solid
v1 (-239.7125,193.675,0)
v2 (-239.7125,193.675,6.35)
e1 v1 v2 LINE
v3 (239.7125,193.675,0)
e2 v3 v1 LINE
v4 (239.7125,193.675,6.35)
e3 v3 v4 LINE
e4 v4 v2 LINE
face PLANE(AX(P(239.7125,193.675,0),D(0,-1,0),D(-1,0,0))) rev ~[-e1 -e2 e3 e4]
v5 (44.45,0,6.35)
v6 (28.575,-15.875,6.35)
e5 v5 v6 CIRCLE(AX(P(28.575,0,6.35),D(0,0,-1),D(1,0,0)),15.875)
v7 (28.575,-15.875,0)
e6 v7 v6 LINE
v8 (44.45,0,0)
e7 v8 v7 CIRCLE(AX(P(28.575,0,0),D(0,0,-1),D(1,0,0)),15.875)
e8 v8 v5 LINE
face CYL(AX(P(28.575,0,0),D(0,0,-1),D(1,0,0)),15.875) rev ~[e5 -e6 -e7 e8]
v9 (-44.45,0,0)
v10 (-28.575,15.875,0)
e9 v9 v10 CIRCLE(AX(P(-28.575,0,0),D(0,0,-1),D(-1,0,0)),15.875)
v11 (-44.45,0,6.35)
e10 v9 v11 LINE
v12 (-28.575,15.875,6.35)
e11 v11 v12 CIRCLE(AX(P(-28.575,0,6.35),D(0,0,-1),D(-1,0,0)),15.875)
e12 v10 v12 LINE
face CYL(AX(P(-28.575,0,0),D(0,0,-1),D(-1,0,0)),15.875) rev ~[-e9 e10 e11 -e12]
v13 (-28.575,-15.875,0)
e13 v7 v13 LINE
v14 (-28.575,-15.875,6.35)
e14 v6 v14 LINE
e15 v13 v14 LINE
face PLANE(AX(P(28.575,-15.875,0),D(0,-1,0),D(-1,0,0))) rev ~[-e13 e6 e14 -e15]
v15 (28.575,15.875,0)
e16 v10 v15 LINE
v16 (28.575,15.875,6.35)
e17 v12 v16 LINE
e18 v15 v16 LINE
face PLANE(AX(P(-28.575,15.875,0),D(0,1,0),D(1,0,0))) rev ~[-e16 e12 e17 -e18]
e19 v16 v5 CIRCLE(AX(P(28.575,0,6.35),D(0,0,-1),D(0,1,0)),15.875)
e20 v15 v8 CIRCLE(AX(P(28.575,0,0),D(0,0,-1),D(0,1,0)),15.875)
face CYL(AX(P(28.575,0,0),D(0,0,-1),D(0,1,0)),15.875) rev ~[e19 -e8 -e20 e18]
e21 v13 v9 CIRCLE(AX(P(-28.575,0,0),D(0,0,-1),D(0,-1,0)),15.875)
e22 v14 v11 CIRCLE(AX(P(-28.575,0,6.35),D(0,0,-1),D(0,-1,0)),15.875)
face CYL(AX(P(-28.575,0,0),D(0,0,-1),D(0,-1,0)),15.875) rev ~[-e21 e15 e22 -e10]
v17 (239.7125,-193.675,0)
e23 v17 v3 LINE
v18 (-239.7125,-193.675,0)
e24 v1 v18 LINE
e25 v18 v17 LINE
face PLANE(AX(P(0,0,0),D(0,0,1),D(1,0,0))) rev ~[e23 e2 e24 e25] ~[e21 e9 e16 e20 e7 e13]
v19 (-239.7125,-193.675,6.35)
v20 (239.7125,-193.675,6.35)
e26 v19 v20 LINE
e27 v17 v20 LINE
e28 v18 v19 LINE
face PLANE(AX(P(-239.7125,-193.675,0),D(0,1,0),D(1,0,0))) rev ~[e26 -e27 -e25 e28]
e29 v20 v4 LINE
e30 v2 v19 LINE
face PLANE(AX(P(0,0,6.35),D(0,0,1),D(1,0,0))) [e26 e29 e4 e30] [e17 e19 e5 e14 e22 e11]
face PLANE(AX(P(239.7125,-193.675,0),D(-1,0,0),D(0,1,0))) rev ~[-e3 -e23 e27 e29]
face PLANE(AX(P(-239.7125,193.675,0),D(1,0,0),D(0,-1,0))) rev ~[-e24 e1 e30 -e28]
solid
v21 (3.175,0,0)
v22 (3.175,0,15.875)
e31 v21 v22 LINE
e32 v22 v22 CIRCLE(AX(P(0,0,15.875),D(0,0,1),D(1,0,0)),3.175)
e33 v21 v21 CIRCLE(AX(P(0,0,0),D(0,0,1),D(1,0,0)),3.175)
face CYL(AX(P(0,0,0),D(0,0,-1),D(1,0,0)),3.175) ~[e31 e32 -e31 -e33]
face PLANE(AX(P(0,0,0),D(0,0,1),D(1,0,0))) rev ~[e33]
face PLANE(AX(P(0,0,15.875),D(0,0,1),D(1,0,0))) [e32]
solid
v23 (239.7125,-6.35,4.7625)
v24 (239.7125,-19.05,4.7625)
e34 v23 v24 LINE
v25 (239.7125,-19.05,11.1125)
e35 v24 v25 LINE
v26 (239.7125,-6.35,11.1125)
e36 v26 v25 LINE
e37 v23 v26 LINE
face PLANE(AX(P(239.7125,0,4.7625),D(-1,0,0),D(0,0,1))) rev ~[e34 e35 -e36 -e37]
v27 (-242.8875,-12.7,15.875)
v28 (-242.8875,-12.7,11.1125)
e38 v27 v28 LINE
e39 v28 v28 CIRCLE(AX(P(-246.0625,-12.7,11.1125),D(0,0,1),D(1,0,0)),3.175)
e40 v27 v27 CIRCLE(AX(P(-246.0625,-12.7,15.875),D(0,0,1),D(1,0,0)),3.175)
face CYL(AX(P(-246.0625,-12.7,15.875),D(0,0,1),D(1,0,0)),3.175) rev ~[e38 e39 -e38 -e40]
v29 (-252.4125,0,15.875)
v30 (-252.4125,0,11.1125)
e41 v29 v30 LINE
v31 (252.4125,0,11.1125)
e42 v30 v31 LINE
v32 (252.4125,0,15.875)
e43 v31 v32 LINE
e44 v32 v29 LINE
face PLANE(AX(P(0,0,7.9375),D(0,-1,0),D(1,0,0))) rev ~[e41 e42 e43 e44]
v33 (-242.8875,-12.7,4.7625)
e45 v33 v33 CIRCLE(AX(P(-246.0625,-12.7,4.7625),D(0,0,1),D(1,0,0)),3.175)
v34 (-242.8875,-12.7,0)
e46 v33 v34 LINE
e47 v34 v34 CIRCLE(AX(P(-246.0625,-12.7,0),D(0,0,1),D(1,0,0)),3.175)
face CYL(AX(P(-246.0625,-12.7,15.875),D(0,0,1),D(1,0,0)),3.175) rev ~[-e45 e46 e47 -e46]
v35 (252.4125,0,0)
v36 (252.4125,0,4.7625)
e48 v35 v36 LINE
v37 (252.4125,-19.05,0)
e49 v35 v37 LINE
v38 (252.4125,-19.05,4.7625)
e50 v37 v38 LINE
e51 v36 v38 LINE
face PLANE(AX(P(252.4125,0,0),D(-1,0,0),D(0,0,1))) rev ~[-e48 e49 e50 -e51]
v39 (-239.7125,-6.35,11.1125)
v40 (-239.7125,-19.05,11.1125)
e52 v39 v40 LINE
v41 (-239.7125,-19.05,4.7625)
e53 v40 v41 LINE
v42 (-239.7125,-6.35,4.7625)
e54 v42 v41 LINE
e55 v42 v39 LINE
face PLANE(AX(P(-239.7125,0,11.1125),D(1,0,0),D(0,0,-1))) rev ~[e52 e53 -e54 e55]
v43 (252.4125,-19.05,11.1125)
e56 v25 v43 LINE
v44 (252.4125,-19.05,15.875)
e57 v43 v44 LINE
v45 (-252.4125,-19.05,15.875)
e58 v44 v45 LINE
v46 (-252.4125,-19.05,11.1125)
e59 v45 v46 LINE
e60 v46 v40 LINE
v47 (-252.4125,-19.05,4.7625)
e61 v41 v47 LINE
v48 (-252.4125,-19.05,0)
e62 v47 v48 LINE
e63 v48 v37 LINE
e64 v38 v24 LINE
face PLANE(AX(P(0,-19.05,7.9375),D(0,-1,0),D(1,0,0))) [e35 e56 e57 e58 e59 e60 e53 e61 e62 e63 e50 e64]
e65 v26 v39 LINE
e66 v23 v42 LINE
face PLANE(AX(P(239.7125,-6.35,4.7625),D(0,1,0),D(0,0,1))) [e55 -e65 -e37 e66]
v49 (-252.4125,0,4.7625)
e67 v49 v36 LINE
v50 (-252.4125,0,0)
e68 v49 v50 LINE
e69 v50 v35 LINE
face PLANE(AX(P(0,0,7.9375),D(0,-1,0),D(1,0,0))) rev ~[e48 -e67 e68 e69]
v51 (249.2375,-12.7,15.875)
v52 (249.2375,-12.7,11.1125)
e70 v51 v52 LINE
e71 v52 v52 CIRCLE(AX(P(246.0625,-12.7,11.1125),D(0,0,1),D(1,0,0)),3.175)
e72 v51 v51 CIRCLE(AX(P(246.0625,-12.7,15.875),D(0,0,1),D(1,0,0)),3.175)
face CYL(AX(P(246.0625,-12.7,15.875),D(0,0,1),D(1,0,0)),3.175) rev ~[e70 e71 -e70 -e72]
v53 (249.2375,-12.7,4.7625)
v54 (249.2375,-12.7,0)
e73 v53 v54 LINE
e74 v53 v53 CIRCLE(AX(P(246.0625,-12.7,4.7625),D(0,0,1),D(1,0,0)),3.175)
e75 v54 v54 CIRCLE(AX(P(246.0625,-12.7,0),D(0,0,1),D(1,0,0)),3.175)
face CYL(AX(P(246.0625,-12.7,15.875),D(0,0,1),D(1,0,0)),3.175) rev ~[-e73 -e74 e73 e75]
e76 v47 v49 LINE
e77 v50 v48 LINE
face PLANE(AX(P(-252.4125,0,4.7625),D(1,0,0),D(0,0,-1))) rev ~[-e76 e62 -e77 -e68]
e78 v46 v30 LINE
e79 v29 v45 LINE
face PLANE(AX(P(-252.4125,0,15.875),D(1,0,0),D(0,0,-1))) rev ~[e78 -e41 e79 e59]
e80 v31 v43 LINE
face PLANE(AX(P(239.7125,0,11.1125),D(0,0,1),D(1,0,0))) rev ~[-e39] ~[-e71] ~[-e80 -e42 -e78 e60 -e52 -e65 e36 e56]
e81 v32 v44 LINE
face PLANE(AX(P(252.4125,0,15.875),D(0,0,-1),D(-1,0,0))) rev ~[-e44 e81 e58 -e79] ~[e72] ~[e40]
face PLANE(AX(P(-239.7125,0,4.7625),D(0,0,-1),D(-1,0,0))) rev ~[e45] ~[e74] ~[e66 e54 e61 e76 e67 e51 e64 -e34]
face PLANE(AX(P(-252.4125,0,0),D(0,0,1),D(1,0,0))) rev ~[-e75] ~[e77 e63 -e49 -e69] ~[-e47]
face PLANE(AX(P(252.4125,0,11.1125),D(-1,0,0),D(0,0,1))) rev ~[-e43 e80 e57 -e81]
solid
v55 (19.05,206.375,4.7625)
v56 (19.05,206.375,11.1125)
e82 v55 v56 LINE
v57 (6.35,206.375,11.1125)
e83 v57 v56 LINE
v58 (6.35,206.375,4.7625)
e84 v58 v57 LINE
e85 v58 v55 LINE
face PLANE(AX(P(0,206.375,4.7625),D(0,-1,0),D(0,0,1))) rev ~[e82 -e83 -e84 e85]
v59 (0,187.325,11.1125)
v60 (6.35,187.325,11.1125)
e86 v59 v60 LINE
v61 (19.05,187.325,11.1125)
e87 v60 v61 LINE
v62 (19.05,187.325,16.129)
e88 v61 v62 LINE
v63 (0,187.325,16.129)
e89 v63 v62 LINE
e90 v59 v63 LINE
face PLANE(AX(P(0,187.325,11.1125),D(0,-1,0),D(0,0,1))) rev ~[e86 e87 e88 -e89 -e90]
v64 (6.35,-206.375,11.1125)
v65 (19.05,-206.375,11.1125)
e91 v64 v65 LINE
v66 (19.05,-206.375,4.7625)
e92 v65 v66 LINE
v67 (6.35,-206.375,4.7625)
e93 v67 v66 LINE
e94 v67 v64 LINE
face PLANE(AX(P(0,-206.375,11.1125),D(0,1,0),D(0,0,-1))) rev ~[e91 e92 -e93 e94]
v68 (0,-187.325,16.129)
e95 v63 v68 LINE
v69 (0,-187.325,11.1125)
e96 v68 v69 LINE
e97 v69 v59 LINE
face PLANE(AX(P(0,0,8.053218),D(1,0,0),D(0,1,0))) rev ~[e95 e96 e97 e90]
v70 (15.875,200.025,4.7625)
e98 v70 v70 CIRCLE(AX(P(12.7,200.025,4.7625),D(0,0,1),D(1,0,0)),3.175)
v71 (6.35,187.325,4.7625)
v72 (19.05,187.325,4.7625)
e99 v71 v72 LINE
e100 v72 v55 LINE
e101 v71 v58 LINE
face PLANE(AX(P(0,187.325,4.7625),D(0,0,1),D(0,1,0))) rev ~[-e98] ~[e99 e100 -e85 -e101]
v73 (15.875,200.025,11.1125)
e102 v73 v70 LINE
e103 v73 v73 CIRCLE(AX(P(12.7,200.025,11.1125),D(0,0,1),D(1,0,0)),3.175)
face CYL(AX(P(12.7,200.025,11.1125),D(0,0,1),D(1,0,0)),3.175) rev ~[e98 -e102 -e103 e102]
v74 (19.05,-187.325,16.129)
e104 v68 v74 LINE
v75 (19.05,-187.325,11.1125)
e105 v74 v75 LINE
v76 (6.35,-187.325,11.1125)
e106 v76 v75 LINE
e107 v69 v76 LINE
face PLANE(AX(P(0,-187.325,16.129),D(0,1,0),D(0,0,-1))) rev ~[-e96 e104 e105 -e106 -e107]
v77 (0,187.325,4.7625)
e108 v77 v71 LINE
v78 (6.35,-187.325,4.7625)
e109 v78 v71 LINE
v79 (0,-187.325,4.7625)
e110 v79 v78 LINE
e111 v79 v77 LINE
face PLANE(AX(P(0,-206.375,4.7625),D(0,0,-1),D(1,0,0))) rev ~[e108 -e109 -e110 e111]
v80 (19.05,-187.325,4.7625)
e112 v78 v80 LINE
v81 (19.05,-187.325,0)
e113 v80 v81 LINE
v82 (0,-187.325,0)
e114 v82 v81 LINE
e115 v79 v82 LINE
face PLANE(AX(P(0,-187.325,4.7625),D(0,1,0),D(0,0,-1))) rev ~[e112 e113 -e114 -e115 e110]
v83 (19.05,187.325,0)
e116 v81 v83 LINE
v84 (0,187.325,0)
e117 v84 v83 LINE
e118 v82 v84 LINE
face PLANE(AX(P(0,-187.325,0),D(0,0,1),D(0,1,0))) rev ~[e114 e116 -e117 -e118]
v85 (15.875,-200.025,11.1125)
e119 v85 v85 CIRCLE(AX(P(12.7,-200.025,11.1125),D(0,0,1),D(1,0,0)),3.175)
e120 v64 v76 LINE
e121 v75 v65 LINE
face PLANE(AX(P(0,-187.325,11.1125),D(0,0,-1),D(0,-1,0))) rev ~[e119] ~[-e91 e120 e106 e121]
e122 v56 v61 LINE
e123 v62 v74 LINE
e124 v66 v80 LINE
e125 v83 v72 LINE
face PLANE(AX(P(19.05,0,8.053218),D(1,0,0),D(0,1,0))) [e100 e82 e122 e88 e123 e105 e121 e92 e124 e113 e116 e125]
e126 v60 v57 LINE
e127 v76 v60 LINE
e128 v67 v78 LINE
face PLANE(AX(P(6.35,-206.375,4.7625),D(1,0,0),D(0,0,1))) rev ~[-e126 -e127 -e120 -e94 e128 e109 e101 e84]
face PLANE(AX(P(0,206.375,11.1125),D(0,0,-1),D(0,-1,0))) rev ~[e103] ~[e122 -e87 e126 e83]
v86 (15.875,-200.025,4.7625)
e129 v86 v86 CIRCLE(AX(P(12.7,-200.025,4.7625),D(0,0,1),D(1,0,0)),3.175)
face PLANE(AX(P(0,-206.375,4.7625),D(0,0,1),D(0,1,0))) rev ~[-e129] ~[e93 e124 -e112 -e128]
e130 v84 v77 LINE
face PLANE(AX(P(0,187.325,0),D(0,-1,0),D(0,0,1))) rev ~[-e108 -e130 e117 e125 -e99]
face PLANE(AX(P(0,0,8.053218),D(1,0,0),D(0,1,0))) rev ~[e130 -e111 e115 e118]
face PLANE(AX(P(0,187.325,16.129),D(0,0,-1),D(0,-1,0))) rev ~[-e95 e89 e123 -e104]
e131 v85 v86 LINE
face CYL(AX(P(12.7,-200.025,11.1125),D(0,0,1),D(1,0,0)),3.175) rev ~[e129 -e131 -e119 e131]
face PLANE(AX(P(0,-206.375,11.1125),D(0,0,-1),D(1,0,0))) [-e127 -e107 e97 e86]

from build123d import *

# Parameters (mm, degrees)
F1_DEPTH  = 19.05
F2_W      = 6.35
F2_H      = 6.35
F3_DEPTH  = 492.126
F4_R      = 3.175
F5_DEPTH  = 15.876
F7_DEPTH  = 19.05
F8_R      = 3.175
F9_DEPTH  = 11.1135
F10_W     = 6.35
F10_H     = 6.35
F11_DEPTH = 412.751
F13_DEPTH = 6.35
F14_R     = 3.175
F15_DEPTH = 15.875


with BuildPart() as f1:
    # F0 (on Front) → F1 (new body)
    with BuildSketch(Plane.XZ):
        Polygon((-252.4125, 0), (0, 0), (252.4125, 0), (252.4125, 4.7625), (239.7125, 4.7625), (239.7125, 11.1125), (252.4125, 11.1125), (252.4125, 15.875), (0, 15.875), (-252.4125, 15.875), (-252.4125, 11.1125), (-239.7125, 11.1125), (-239.7125, 4.7625), (-252.4125, 4.7625), align=None)
    extrude(amount=F1_DEPTH)

    # F2 (on face) → F3 (cut, through all)
    with BuildSketch(Plane.YZ.offset(239.7125)):
        with Locations((-3.175, 7.9375)):
            Rectangle(F2_W, F2_H)
    extrude(amount=-F3_DEPTH, mode=Mode.SUBTRACT)

    # F4 (on face) → F5 (cut, through all)
    with BuildSketch(Plane.XY.offset(15.875)):
        with Locations((-246.0625, -12.7)):
            Circle(F4_R)
        with Locations((246.0625, -12.7)):
            Circle(F4_R)
    extrude(amount=-F5_DEPTH, mode=Mode.SUBTRACT)


with BuildPart() as f7:
    # F6 (on Right) → F7 (new body)
    with BuildSketch(Plane.YZ):
        Polygon((-187.325, 0), (0, 0), (187.325, 0), (187.325, 4.7625), (206.375, 4.7625), (206.375, 11.1125), (187.325, 11.1125), (187.325, 16.129), (0, 16.129), (-187.325, 16.129), (-187.325, 11.1125), (-206.375, 11.1125), (-206.375, 4.7625), (-187.325, 4.7625), align=None)
    extrude(amount=F7_DEPTH)

    # F8 (on face) → F9 (cut, through all)
    with BuildSketch(Plane.XY.offset(11.1125)):
        with Locations((12.7, 200.025)):
            Circle(F8_R)
        with Locations((12.7, -200.025)):
            Circle(F8_R)
    extrude(amount=-F9_DEPTH, mode=Mode.SUBTRACT)

    # F10 (on face) → F11 (cut, through all)
    with BuildSketch(Plane.XZ.offset(206.375)):
        with Locations((3.175, 7.9375)):
            Rectangle(F10_W, F10_H)
    extrude(amount=-F11_DEPTH, mode=Mode.SUBTRACT)


with BuildPart() as f13:
    # F12 (on Top) → F13 (new body)
    with BuildSketch(Plane.XY):
        Polygon((239.7125, 193.675), (0, 193.675), (-239.7125, 193.675), (-239.7125, 0), (-239.7125, -193.675), (0, -193.675), (239.7125, -193.675), (239.7125, 0), align=None)
        with BuildLine():
            Line((-28.575, 15.875), (0, 15.875))
            Line((0, 15.875), (28.575, 15.875))
            ThreePointArc((28.575, 15.875), (39.8003201513, 11.2253201513), (44.45, 0))
            ThreePointArc((44.45, 0), (39.8003201513, -11.2253201513), (28.575, -15.875))
            Line((28.575, -15.875), (0, -15.875))
            Line((0, -15.875), (-28.575, -15.875))
            ThreePointArc((-28.575, -15.875), (-39.8003201513, -11.2253201513), (-44.45, 0))
            ThreePointArc((-44.45, 0), (-39.8003201513, 11.2253201513), (-28.575, 15.875))
        make_face(mode=Mode.SUBTRACT)
    extrude(amount=F13_DEPTH)


with BuildPart() as f15:
    # F14 (on Top) → F15 (new body)
    with BuildSketch(Plane.XY):
        Circle(F14_R)
    extrude(amount=F15_DEPTH)


solid = Compound([f1.part, f7.part, f13.part, f15.part])
